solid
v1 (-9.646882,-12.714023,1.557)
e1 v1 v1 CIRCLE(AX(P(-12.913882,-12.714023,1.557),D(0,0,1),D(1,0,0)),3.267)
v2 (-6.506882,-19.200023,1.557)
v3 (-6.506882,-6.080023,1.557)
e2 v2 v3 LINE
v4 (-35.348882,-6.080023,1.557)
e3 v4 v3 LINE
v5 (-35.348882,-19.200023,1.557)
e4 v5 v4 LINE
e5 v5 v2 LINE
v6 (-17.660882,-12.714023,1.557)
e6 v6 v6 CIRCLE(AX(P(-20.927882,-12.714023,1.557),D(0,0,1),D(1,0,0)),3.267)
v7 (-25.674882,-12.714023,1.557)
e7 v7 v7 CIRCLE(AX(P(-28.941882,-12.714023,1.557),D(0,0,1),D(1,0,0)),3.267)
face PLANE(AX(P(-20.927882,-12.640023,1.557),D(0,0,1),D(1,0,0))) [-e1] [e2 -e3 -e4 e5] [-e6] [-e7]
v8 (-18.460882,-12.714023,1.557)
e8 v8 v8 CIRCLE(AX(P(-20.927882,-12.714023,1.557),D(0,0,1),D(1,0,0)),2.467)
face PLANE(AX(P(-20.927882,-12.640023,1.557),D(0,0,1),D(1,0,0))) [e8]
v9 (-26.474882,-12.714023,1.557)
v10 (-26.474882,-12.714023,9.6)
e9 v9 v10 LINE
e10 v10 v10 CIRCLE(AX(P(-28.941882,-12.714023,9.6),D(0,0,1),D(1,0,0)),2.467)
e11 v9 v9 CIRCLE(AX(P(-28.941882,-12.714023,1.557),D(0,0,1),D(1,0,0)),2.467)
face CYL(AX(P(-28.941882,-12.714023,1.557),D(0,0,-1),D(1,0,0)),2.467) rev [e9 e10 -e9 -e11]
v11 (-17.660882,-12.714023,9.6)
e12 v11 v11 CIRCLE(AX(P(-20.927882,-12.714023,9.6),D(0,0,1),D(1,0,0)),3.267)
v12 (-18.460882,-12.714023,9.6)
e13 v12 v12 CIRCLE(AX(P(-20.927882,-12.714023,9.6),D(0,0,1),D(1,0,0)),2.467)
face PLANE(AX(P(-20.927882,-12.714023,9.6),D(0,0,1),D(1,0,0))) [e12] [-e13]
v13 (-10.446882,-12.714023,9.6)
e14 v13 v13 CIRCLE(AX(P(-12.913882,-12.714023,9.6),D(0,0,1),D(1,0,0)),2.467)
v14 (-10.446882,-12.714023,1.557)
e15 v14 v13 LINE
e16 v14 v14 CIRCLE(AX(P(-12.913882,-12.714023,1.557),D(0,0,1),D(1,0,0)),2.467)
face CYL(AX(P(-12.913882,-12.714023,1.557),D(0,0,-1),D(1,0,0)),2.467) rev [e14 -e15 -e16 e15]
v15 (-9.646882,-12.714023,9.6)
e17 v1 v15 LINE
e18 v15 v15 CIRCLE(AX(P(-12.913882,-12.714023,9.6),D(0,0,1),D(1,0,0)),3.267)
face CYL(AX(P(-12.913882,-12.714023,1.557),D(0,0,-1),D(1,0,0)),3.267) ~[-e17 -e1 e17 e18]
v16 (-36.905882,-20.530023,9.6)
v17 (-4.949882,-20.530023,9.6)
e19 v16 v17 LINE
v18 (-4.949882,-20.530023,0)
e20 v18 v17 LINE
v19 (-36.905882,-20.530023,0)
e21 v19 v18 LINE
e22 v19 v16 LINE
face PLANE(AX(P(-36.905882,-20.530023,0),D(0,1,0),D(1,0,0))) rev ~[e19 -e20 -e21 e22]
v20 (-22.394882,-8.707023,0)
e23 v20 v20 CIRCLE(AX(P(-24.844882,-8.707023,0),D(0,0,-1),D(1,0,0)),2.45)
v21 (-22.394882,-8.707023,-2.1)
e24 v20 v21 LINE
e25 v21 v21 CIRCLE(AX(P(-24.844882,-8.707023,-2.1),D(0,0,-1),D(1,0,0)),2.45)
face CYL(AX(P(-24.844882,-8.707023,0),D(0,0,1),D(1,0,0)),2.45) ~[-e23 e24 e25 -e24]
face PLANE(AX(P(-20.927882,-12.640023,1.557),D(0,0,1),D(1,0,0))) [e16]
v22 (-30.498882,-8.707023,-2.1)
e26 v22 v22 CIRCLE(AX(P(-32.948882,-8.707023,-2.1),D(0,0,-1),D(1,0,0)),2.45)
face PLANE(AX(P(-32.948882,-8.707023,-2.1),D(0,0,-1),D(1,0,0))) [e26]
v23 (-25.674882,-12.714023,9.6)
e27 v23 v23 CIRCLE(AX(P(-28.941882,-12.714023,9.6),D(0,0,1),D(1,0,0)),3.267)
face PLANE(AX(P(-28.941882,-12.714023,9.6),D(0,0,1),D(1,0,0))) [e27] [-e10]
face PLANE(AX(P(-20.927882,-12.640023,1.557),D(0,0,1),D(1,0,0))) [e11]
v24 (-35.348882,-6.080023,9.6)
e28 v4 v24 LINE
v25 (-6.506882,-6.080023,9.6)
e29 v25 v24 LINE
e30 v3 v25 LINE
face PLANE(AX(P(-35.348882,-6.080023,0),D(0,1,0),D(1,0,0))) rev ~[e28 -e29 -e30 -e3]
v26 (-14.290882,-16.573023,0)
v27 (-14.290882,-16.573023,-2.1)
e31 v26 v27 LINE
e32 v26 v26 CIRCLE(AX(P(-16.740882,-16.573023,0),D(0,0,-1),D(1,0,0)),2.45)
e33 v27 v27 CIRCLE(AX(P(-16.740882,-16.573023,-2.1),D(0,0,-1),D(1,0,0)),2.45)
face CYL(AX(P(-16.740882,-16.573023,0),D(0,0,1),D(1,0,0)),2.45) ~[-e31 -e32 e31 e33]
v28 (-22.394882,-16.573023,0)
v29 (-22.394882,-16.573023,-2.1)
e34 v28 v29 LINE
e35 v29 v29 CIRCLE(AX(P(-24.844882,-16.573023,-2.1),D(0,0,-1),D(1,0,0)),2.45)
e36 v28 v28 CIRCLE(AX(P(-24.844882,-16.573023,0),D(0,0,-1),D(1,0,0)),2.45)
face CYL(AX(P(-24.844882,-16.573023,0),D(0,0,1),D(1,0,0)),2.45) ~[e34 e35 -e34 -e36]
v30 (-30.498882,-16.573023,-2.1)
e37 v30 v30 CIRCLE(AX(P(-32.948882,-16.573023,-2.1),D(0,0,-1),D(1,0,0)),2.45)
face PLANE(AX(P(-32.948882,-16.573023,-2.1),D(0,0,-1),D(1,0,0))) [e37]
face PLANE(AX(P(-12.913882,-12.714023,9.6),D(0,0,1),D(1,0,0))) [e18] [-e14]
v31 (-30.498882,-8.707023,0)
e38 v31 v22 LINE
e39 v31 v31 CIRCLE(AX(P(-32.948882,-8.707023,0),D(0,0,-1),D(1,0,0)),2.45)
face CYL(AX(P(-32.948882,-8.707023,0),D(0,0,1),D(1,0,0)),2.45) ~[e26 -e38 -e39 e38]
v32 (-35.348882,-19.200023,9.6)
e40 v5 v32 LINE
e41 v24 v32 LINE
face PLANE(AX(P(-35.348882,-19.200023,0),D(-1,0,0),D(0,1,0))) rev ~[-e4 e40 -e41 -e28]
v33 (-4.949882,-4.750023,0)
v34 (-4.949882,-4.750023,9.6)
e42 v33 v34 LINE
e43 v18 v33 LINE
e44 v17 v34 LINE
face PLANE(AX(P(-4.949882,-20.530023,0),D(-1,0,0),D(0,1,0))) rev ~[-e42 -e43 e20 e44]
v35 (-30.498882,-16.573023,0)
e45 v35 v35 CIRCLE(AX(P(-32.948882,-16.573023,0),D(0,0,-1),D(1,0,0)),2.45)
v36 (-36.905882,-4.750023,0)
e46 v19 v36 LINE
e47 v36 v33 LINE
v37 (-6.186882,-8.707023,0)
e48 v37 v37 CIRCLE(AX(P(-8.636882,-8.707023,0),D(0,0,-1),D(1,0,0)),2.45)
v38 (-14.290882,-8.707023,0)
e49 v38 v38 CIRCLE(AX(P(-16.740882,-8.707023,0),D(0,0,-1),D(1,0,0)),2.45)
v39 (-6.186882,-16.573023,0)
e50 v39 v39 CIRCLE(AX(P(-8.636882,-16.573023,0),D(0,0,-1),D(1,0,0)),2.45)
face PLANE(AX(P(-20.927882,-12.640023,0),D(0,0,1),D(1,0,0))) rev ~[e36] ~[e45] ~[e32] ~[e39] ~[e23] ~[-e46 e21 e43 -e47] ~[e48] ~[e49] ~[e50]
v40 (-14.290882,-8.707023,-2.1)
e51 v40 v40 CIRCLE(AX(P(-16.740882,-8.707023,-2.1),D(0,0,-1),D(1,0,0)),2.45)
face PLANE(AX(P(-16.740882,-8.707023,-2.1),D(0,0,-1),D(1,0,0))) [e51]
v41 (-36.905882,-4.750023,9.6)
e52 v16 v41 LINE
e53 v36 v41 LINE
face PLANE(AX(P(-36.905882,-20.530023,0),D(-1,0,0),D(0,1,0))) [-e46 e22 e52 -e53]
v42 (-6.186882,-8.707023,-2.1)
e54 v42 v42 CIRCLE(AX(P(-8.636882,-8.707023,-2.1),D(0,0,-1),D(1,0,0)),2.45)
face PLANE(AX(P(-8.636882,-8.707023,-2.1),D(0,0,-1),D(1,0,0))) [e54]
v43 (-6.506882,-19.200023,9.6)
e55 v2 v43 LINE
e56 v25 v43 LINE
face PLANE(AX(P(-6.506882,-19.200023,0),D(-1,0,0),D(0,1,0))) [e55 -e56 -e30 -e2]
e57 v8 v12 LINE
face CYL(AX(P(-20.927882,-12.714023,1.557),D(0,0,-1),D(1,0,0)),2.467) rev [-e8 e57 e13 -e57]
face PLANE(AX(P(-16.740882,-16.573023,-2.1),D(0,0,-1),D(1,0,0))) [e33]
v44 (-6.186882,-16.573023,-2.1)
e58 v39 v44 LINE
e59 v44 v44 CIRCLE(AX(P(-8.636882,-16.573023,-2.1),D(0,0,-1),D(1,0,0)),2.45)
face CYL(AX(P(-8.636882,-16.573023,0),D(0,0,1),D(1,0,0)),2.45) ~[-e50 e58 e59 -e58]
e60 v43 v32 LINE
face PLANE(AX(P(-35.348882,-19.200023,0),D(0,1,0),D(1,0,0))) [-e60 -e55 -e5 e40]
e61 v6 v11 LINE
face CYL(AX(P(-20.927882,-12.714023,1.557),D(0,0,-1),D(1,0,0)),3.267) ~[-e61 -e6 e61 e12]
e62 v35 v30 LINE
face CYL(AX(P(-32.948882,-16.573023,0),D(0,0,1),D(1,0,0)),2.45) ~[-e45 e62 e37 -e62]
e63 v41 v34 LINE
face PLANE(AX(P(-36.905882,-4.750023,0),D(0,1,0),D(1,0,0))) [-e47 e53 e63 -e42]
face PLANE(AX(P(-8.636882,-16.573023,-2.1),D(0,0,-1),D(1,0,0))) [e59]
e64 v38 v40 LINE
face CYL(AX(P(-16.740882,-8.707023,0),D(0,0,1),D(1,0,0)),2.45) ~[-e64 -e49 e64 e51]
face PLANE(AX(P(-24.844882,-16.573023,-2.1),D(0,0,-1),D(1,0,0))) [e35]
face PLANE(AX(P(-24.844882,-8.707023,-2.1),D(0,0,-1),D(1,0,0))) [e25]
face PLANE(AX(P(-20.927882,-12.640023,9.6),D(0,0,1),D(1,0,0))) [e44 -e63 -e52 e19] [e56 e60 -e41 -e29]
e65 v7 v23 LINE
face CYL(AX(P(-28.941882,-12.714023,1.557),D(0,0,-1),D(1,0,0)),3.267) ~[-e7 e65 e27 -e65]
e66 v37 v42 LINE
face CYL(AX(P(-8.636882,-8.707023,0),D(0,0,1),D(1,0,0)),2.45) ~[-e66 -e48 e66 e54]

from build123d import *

# Parameters (mm, degrees)
F0_W     = 31.956
F0_H     = 15.78
F0_W_2   = 28.842
F0_H_2   = 13.12
F1_DEPTH = 9.6
F2_DEPTH = 25
F3_DEPTH = 1.557
F4_R     = 3.267
F4_R_2   = 2.467
F5_DEPTH = 8.043
F6_R     = 2.45
F7_DEPTH = 2.1


with BuildPart() as f1:
    # F0 (on Top) → F1 (new body)
    with BuildSketch(Plane.XY):
        with Locations((-20.927882, -12.640023)):
            Rectangle(F0_W, F0_H)
        with Locations((-20.927882, -12.640023)):
            Rectangle(F0_W_2, F0_H_2, mode=Mode.SUBTRACT)
        with Locations((-20.927882, -12.640023)):
            Rectangle(F0_W_2, F0_H_2)
    extrude(amount=F1_DEPTH)

    # F0 (on Top) → F2 (cut)
    with BuildSketch(Plane.XY):
        with Locations((-20.927882, -12.640023)):
            Rectangle(F0_W_2, F0_H_2)
    extrude(amount=F2_DEPTH, mode=Mode.SUBTRACT)

    # F0 (on Top) → F3 (join)
    with BuildSketch(Plane.XY):
        with Locations((-20.927882, -12.640023)):
            Rectangle(F0_W_2, F0_H_2)
    extrude(amount=F3_DEPTH)

    # F4 (on face) → F5 (join)
    with BuildSketch(Plane.XY.offset(1.557)):
        with Locations((-28.941882, -12.714023)):
            Circle(F4_R)
        with Locations((-28.941882, -12.714023)):
            Circle(F4_R_2, mode=Mode.SUBTRACT)
        with Locations((-20.927882, -12.714023)):
            Circle(F4_R)
        with Locations((-20.927882, -12.714023)):
            Circle(F4_R_2, mode=Mode.SUBTRACT)
        with Locations((-12.913882, -12.714023)):
            Circle(F4_R)
        with Locations((-12.913882, -12.714023)):
            Circle(F4_R_2, mode=Mode.SUBTRACT)
    extrude(amount=F5_DEPTH)

    # F6 (on face) → F7 (join)
    with BuildSketch(Plane(origin=(0, 0, 0), x_dir=(1, 0, 0), z_dir=(0, 0, -1))):
        with Locations((-32.948882, 16.573023)):
            Circle(F6_R)
        with Locations((-24.844882, 16.573023)):
            Circle(F6_R)
        with Locations((-16.740882, 16.573023)):
            Circle(F6_R)
        with Locations((-8.636882, 16.573023)):
            Circle(F6_R)
        with Locations((-8.636882, 8.707023)):
            Circle(F6_R)
        with Locations((-16.740882, 8.707023)):
            Circle(F6_R)
        with Locations((-24.844882, 8.707023)):
            Circle(F6_R)
        with Locations((-32.948882, 8.707023)):
            Circle(F6_R)
    extrude(amount=F7_DEPTH)


solid = f1.part
